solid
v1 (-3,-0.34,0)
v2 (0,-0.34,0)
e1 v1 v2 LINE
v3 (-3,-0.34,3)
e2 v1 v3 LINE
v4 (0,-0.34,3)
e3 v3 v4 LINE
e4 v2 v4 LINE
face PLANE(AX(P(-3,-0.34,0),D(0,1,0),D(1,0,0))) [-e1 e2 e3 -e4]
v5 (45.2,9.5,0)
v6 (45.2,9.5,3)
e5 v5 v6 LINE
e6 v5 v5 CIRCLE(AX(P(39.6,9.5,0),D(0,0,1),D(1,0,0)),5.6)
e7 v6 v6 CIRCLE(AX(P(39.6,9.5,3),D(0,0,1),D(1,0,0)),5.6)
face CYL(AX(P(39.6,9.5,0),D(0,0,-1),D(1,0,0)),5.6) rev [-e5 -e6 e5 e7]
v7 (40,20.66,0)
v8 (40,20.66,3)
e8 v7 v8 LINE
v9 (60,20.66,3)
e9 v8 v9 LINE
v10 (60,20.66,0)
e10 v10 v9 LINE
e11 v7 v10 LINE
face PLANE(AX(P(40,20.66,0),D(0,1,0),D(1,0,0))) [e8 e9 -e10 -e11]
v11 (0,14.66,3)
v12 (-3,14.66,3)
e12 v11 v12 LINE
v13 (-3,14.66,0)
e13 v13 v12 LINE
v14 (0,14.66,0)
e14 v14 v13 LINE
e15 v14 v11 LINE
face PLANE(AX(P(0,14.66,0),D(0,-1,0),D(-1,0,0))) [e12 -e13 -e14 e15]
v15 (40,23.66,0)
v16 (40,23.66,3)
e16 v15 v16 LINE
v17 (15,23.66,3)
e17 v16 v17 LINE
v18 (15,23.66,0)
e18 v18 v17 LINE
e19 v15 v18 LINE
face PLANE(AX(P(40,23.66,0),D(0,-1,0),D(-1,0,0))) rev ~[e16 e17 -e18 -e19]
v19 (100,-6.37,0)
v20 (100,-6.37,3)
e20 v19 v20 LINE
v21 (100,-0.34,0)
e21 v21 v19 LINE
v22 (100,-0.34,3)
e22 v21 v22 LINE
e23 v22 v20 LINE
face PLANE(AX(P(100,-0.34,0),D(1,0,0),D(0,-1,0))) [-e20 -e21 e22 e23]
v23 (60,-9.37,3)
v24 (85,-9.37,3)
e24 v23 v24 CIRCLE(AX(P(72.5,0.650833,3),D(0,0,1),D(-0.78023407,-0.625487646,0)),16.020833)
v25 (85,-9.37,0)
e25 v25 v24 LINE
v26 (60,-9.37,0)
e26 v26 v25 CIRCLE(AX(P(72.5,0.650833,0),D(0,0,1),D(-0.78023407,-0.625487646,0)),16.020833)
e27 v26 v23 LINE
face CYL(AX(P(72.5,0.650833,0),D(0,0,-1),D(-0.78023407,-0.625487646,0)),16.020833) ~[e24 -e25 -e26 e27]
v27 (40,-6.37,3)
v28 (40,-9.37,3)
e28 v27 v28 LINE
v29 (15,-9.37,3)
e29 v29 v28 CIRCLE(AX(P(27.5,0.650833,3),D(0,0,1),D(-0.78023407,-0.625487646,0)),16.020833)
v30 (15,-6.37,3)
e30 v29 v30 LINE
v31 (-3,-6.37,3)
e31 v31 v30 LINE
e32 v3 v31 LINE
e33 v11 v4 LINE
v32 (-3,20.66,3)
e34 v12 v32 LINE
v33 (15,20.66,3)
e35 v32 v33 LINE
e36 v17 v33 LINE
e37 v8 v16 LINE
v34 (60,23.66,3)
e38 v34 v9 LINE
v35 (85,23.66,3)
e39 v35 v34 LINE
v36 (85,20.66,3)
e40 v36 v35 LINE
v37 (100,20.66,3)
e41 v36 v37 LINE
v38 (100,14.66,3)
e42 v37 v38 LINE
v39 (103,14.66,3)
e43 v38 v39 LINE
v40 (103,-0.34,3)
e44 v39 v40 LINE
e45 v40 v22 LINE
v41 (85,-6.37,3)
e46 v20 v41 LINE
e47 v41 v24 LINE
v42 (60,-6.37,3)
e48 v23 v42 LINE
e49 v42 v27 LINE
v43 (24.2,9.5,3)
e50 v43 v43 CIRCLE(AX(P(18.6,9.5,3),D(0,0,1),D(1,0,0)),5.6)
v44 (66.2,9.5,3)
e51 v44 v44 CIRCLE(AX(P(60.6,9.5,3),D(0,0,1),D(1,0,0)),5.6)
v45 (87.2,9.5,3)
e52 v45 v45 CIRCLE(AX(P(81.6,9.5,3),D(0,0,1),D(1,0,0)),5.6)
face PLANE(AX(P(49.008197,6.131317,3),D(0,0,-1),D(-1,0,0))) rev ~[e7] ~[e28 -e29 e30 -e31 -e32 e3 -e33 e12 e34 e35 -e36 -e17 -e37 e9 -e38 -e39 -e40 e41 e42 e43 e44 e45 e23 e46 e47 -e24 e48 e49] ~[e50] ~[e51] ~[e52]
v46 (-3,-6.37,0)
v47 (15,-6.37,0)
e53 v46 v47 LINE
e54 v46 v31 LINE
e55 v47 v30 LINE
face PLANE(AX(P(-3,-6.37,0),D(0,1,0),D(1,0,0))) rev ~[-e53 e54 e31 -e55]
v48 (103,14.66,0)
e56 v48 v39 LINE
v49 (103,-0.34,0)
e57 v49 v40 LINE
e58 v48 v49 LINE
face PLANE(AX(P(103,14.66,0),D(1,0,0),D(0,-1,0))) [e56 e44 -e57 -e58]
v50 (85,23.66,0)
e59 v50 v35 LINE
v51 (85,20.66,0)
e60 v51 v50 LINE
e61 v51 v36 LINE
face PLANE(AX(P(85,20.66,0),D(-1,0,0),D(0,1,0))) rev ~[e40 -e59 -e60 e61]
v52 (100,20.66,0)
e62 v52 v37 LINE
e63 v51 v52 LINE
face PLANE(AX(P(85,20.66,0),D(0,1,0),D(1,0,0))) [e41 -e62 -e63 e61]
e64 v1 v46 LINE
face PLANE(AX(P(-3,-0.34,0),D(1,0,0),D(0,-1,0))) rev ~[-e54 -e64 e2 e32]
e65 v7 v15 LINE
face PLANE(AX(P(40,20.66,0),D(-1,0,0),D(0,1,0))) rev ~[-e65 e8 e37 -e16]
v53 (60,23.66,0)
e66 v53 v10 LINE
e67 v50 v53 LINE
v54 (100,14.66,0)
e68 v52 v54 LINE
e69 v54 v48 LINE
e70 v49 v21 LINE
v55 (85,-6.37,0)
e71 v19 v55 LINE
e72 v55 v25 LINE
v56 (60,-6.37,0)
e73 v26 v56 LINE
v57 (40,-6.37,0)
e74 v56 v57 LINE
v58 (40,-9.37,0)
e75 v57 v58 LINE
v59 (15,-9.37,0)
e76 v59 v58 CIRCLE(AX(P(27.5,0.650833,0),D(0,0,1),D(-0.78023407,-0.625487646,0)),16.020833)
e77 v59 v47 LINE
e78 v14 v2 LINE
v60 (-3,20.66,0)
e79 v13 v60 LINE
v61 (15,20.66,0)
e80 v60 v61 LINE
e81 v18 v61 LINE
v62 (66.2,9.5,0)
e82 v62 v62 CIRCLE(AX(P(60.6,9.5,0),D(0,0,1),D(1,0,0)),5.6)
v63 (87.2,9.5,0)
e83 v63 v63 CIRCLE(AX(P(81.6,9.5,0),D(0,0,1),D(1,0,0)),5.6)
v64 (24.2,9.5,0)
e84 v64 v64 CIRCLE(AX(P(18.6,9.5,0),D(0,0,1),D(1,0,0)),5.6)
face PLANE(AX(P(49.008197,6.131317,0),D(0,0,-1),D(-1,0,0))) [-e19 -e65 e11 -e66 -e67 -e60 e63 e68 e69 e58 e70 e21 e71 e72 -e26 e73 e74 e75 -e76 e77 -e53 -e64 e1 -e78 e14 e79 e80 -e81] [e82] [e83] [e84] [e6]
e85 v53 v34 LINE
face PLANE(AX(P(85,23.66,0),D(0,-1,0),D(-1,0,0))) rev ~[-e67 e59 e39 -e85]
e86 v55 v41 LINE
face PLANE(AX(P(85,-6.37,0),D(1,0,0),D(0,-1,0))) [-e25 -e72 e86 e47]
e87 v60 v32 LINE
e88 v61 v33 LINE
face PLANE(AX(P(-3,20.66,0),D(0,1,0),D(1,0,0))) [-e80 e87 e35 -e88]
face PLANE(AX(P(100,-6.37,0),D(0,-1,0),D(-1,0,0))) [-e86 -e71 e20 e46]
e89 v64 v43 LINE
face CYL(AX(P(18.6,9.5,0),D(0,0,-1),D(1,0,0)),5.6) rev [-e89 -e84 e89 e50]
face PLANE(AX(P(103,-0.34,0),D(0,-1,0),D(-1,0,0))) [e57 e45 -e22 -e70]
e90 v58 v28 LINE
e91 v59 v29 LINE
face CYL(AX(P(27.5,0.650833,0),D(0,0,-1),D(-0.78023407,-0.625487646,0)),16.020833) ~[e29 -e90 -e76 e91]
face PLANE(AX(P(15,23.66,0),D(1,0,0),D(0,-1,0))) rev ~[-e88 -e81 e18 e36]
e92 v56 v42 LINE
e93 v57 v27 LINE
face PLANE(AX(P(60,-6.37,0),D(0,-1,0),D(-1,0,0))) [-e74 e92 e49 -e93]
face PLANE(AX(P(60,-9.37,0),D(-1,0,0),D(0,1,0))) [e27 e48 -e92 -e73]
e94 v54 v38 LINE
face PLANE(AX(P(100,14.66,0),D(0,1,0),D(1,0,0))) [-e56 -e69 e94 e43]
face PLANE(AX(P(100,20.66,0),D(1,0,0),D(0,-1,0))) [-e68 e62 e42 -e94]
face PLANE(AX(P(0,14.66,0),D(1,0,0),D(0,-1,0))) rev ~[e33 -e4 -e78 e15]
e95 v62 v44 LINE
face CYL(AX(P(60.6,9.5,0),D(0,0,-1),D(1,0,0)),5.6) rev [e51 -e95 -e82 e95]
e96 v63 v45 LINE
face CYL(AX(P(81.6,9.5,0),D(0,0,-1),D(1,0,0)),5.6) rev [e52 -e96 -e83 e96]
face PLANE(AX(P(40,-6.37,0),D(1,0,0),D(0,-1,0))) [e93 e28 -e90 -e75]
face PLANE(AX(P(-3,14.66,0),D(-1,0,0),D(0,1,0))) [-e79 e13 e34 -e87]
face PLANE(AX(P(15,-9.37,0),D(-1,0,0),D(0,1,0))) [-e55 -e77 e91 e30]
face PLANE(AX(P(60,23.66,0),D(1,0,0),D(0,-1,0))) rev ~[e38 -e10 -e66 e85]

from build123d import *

# Parameters (mm, degrees)
SKETCH_R      = 5.6
EXTRUDE_DEPTH = 3


with BuildPart() as part:
    # Sketch → Extrude (new body)
    with BuildSketch(Plane.XY):
        with BuildLine():
            Line((40, -6.37), (40, -9.37))
            ThreePointArc((15, -9.37), (27.5, -15.37), (40, -9.37))
            Line((15, -9.37), (15, -6.37))
            Line((15, -6.37), (0, -6.37))
            Line((-3, -6.37), (0, -6.37))
            Line((-3, -0.34), (-3, -6.37))
            Line((-3, -0.34), (0, -0.34))
            Line((0, 14.66), (0, -0.34))
            Line((0, 14.66), (-3, 14.66))
            Line((-3, 14.66), (-3, 20.66))
            Line((-3, 20.66), (0, 20.66))
            Line((0, 20.66), (15, 20.66))
            Line((15, 23.66), (15, 20.66))
            Line((40, 23.66), (15, 23.66))
            Line((40, 20.66), (40, 23.66))
            Line((40, 20.66), (60, 20.66))
            Line((60, 23.66), (60, 20.66))
            Line((85, 23.66), (60, 23.66))
            Line((85, 20.66), (85, 23.66))
            Line((85, 20.66), (100, 20.66))
            Line((100, 20.66), (100, 14.66))
            Line((100, 14.66), (103, 14.66))
            Line((103, 14.66), (103, -0.34))
            Line((103, -0.34), (100, -0.34))
            Line((100, -0.34), (100, -6.37))
            Line((100, -6.37), (85, -6.37))
            Line((85, -6.37), (85, -9.37))
            ThreePointArc((60, -9.37), (72.5, -15.37), (85, -9.37))
            Line((60, -9.37), (60, -6.37))
            Line((60, -6.37), (40, -6.37))
        make_face()
        with Locations((18.6, 9.5)):
            Circle(SKETCH_R, mode=Mode.SUBTRACT)
        with Locations((39.6, 9.5)):
            Circle(SKETCH_R, mode=Mode.SUBTRACT)
        with Locations((60.6, 9.5)):
            Circle(SKETCH_R, mode=Mode.SUBTRACT)
        with Locations((81.6, 9.5)):
            Circle(SKETCH_R, mode=Mode.SUBTRACT)
    extrude(amount=EXTRUDE_DEPTH)


solid = part.part
